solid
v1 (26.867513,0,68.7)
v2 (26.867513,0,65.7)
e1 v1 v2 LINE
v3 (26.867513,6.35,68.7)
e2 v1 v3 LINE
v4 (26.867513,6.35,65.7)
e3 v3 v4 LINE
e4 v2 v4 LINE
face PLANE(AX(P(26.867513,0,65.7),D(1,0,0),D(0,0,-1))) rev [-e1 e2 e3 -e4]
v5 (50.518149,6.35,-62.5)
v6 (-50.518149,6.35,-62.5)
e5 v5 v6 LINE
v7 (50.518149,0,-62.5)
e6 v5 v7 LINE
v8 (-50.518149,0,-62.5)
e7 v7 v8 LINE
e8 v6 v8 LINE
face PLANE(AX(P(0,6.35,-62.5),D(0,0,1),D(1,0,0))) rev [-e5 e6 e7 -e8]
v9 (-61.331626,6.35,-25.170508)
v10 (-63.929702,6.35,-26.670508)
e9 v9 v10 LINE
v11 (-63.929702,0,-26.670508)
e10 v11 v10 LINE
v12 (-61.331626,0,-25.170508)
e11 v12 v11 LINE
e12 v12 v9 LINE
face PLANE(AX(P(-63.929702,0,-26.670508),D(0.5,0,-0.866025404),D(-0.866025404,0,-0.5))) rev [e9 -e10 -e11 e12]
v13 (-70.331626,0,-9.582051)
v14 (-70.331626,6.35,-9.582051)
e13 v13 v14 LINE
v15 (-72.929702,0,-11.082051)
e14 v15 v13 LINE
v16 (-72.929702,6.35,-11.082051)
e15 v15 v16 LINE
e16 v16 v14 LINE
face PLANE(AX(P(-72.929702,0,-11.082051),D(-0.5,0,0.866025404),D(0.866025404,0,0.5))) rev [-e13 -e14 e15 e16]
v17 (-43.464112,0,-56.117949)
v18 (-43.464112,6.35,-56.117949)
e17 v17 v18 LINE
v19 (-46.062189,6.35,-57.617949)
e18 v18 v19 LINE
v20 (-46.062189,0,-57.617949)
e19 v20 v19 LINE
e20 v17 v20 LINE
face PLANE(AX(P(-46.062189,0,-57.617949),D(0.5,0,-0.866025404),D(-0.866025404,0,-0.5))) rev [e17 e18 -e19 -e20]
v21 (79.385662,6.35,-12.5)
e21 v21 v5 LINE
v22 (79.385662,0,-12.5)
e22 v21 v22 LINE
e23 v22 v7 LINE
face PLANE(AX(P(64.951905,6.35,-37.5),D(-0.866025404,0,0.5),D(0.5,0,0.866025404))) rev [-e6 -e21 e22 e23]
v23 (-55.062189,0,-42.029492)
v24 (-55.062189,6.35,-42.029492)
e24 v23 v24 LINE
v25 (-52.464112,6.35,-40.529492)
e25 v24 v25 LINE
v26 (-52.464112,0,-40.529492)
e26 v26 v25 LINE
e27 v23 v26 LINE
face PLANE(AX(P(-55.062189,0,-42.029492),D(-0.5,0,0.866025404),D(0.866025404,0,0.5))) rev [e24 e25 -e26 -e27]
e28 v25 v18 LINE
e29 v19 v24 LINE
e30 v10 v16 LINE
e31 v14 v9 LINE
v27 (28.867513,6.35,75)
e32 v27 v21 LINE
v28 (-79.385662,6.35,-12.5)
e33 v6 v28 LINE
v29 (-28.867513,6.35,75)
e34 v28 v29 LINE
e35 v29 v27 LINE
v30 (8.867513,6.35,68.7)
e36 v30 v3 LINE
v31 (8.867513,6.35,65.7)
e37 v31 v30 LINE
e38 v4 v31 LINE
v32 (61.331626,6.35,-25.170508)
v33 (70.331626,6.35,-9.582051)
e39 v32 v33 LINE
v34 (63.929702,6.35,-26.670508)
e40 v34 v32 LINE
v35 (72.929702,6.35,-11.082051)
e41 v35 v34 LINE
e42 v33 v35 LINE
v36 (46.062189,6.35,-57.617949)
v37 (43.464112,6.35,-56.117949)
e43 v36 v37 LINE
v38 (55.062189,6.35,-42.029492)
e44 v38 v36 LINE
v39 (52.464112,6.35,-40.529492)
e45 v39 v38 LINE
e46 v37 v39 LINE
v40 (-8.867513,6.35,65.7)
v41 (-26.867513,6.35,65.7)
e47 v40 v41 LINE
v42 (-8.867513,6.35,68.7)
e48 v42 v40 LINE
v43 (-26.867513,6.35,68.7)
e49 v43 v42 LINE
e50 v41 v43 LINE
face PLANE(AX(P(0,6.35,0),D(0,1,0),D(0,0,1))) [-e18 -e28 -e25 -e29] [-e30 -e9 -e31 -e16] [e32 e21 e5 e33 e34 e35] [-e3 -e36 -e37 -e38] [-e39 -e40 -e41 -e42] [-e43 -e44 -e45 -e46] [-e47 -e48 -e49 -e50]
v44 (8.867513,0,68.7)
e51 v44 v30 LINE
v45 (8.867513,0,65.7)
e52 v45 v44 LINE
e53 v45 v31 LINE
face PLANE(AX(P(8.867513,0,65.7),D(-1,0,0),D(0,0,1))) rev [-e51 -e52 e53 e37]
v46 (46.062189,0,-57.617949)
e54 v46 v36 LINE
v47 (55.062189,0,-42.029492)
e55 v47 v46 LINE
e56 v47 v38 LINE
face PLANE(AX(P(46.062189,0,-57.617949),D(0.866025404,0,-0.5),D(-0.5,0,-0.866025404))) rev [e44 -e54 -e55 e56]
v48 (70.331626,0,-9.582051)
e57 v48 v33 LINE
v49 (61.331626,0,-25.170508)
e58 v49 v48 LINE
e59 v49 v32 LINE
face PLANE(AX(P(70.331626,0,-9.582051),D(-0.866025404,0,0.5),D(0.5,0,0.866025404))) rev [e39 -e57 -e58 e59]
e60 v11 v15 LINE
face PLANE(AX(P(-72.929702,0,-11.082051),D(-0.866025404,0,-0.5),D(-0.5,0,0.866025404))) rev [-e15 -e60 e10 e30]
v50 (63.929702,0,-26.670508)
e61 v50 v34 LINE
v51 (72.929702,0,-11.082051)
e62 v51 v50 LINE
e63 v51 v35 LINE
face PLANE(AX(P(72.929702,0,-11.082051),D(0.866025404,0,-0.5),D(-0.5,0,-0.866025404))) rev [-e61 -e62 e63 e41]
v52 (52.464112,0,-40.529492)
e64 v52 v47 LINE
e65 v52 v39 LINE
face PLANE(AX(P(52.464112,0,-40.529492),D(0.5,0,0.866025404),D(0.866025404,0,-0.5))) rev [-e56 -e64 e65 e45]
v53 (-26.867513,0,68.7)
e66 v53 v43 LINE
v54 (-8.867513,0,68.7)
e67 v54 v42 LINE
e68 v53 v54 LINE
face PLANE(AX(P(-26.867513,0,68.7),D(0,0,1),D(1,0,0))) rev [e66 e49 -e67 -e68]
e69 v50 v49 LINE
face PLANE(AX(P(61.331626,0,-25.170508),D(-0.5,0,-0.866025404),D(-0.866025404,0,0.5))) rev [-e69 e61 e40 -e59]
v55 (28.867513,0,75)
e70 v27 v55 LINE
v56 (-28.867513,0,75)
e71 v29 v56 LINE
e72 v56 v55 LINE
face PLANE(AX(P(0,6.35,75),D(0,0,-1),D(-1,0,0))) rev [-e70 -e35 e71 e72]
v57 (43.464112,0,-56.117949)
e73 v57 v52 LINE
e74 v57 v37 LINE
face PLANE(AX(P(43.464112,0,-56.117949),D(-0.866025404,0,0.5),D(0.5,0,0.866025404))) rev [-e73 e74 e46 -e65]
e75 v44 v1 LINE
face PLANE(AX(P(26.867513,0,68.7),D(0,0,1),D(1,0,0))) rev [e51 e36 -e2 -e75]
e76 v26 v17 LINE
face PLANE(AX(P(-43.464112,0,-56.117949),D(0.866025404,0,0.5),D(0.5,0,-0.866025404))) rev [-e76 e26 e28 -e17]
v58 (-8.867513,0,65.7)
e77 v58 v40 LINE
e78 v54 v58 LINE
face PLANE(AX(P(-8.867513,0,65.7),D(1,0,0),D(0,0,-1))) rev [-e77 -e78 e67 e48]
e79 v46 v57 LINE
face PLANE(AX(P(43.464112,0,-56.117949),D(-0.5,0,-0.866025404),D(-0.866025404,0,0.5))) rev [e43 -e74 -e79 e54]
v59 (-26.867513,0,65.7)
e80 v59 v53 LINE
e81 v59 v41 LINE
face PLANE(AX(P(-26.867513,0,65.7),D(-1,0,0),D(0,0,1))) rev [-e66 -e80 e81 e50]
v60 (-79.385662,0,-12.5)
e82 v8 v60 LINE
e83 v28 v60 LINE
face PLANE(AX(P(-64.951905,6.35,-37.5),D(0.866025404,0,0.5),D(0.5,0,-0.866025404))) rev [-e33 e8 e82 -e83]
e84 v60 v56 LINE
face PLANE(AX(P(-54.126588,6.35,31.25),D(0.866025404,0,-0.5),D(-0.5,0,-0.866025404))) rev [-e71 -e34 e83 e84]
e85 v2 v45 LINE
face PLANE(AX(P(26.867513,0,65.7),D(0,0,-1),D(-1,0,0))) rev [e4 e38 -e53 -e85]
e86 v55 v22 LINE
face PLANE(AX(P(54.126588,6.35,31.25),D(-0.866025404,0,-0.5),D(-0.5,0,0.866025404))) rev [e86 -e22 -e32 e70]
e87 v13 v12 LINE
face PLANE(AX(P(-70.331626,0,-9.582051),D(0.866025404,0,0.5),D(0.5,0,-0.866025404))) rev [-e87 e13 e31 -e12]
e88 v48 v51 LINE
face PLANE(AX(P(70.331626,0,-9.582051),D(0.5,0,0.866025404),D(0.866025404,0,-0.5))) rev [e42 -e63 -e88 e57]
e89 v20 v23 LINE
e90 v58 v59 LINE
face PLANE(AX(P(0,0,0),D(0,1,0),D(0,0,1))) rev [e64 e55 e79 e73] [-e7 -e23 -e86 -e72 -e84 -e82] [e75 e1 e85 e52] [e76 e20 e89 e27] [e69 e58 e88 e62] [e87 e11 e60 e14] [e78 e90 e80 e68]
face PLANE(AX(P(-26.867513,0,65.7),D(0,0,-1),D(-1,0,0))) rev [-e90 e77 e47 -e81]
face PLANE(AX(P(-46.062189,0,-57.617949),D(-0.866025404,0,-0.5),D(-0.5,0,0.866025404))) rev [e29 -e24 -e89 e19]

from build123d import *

# Parameters (mm, degrees)
BOSS_EXTRUDE1_DEPTH = 6.35
SKETCH2_W           = 18
SKETCH2_H           = 3
CUT_EXTRUDE1_DEPTH  = 110.395639005


with BuildPart() as part:
    # Sketch1 → Boss-Extrude1 (new body)
    with BuildSketch(Plane(origin=(0, 0, 0), x_dir=(1, 0, 0), z_dir=(0, 1, 0))):
        Polygon((50.518148554, 62.5), (-50.518148554, 62.5), (-79.385662014, 12.5), (-28.867513459, -75), (28.867513459, -75), (79.385662014, 12.5), align=None)
    extrude(amount=BOSS_EXTRUDE1_DEPTH)

    # Sketch2 → Cut-Extrude1 (cut, through all)
    with BuildSketch(Plane(origin=(0, 6.35, 0), x_dir=(1, 0, 0), z_dir=(0, 1, 0))):
        with Locations((-17.867513459, -67.2)):
            Rectangle(SKETCH2_W, SKETCH2_H)
        with Locations((17.867513459, -67.2)):
            Rectangle(SKETCH2_W, SKETCH2_H)
        Polygon((-46.06218851, 57.617949192), (-43.464112299, 56.117949192), (-52.464112299, 40.529491924), (-55.06218851, 42.029491924), align=None)
        Polygon((-70.331625758, 9.582050808), (-61.331625758, 25.170508076), (-63.92970197, 26.670508076), (-72.92970197, 11.082050808), align=None)
        Polygon((72.92970197, 11.082050808), (63.92970197, 26.670508076), (61.331625758, 25.170508076), (70.331625758, 9.582050808), align=None)
        Polygon((43.464112299, 56.117949192), (46.06218851, 57.617949192), (55.06218851, 42.029491924), (52.464112299, 40.529491924), align=None)
    extrude(amount=-CUT_EXTRUDE1_DEPTH, mode=Mode.SUBTRACT)


solid = part.part
